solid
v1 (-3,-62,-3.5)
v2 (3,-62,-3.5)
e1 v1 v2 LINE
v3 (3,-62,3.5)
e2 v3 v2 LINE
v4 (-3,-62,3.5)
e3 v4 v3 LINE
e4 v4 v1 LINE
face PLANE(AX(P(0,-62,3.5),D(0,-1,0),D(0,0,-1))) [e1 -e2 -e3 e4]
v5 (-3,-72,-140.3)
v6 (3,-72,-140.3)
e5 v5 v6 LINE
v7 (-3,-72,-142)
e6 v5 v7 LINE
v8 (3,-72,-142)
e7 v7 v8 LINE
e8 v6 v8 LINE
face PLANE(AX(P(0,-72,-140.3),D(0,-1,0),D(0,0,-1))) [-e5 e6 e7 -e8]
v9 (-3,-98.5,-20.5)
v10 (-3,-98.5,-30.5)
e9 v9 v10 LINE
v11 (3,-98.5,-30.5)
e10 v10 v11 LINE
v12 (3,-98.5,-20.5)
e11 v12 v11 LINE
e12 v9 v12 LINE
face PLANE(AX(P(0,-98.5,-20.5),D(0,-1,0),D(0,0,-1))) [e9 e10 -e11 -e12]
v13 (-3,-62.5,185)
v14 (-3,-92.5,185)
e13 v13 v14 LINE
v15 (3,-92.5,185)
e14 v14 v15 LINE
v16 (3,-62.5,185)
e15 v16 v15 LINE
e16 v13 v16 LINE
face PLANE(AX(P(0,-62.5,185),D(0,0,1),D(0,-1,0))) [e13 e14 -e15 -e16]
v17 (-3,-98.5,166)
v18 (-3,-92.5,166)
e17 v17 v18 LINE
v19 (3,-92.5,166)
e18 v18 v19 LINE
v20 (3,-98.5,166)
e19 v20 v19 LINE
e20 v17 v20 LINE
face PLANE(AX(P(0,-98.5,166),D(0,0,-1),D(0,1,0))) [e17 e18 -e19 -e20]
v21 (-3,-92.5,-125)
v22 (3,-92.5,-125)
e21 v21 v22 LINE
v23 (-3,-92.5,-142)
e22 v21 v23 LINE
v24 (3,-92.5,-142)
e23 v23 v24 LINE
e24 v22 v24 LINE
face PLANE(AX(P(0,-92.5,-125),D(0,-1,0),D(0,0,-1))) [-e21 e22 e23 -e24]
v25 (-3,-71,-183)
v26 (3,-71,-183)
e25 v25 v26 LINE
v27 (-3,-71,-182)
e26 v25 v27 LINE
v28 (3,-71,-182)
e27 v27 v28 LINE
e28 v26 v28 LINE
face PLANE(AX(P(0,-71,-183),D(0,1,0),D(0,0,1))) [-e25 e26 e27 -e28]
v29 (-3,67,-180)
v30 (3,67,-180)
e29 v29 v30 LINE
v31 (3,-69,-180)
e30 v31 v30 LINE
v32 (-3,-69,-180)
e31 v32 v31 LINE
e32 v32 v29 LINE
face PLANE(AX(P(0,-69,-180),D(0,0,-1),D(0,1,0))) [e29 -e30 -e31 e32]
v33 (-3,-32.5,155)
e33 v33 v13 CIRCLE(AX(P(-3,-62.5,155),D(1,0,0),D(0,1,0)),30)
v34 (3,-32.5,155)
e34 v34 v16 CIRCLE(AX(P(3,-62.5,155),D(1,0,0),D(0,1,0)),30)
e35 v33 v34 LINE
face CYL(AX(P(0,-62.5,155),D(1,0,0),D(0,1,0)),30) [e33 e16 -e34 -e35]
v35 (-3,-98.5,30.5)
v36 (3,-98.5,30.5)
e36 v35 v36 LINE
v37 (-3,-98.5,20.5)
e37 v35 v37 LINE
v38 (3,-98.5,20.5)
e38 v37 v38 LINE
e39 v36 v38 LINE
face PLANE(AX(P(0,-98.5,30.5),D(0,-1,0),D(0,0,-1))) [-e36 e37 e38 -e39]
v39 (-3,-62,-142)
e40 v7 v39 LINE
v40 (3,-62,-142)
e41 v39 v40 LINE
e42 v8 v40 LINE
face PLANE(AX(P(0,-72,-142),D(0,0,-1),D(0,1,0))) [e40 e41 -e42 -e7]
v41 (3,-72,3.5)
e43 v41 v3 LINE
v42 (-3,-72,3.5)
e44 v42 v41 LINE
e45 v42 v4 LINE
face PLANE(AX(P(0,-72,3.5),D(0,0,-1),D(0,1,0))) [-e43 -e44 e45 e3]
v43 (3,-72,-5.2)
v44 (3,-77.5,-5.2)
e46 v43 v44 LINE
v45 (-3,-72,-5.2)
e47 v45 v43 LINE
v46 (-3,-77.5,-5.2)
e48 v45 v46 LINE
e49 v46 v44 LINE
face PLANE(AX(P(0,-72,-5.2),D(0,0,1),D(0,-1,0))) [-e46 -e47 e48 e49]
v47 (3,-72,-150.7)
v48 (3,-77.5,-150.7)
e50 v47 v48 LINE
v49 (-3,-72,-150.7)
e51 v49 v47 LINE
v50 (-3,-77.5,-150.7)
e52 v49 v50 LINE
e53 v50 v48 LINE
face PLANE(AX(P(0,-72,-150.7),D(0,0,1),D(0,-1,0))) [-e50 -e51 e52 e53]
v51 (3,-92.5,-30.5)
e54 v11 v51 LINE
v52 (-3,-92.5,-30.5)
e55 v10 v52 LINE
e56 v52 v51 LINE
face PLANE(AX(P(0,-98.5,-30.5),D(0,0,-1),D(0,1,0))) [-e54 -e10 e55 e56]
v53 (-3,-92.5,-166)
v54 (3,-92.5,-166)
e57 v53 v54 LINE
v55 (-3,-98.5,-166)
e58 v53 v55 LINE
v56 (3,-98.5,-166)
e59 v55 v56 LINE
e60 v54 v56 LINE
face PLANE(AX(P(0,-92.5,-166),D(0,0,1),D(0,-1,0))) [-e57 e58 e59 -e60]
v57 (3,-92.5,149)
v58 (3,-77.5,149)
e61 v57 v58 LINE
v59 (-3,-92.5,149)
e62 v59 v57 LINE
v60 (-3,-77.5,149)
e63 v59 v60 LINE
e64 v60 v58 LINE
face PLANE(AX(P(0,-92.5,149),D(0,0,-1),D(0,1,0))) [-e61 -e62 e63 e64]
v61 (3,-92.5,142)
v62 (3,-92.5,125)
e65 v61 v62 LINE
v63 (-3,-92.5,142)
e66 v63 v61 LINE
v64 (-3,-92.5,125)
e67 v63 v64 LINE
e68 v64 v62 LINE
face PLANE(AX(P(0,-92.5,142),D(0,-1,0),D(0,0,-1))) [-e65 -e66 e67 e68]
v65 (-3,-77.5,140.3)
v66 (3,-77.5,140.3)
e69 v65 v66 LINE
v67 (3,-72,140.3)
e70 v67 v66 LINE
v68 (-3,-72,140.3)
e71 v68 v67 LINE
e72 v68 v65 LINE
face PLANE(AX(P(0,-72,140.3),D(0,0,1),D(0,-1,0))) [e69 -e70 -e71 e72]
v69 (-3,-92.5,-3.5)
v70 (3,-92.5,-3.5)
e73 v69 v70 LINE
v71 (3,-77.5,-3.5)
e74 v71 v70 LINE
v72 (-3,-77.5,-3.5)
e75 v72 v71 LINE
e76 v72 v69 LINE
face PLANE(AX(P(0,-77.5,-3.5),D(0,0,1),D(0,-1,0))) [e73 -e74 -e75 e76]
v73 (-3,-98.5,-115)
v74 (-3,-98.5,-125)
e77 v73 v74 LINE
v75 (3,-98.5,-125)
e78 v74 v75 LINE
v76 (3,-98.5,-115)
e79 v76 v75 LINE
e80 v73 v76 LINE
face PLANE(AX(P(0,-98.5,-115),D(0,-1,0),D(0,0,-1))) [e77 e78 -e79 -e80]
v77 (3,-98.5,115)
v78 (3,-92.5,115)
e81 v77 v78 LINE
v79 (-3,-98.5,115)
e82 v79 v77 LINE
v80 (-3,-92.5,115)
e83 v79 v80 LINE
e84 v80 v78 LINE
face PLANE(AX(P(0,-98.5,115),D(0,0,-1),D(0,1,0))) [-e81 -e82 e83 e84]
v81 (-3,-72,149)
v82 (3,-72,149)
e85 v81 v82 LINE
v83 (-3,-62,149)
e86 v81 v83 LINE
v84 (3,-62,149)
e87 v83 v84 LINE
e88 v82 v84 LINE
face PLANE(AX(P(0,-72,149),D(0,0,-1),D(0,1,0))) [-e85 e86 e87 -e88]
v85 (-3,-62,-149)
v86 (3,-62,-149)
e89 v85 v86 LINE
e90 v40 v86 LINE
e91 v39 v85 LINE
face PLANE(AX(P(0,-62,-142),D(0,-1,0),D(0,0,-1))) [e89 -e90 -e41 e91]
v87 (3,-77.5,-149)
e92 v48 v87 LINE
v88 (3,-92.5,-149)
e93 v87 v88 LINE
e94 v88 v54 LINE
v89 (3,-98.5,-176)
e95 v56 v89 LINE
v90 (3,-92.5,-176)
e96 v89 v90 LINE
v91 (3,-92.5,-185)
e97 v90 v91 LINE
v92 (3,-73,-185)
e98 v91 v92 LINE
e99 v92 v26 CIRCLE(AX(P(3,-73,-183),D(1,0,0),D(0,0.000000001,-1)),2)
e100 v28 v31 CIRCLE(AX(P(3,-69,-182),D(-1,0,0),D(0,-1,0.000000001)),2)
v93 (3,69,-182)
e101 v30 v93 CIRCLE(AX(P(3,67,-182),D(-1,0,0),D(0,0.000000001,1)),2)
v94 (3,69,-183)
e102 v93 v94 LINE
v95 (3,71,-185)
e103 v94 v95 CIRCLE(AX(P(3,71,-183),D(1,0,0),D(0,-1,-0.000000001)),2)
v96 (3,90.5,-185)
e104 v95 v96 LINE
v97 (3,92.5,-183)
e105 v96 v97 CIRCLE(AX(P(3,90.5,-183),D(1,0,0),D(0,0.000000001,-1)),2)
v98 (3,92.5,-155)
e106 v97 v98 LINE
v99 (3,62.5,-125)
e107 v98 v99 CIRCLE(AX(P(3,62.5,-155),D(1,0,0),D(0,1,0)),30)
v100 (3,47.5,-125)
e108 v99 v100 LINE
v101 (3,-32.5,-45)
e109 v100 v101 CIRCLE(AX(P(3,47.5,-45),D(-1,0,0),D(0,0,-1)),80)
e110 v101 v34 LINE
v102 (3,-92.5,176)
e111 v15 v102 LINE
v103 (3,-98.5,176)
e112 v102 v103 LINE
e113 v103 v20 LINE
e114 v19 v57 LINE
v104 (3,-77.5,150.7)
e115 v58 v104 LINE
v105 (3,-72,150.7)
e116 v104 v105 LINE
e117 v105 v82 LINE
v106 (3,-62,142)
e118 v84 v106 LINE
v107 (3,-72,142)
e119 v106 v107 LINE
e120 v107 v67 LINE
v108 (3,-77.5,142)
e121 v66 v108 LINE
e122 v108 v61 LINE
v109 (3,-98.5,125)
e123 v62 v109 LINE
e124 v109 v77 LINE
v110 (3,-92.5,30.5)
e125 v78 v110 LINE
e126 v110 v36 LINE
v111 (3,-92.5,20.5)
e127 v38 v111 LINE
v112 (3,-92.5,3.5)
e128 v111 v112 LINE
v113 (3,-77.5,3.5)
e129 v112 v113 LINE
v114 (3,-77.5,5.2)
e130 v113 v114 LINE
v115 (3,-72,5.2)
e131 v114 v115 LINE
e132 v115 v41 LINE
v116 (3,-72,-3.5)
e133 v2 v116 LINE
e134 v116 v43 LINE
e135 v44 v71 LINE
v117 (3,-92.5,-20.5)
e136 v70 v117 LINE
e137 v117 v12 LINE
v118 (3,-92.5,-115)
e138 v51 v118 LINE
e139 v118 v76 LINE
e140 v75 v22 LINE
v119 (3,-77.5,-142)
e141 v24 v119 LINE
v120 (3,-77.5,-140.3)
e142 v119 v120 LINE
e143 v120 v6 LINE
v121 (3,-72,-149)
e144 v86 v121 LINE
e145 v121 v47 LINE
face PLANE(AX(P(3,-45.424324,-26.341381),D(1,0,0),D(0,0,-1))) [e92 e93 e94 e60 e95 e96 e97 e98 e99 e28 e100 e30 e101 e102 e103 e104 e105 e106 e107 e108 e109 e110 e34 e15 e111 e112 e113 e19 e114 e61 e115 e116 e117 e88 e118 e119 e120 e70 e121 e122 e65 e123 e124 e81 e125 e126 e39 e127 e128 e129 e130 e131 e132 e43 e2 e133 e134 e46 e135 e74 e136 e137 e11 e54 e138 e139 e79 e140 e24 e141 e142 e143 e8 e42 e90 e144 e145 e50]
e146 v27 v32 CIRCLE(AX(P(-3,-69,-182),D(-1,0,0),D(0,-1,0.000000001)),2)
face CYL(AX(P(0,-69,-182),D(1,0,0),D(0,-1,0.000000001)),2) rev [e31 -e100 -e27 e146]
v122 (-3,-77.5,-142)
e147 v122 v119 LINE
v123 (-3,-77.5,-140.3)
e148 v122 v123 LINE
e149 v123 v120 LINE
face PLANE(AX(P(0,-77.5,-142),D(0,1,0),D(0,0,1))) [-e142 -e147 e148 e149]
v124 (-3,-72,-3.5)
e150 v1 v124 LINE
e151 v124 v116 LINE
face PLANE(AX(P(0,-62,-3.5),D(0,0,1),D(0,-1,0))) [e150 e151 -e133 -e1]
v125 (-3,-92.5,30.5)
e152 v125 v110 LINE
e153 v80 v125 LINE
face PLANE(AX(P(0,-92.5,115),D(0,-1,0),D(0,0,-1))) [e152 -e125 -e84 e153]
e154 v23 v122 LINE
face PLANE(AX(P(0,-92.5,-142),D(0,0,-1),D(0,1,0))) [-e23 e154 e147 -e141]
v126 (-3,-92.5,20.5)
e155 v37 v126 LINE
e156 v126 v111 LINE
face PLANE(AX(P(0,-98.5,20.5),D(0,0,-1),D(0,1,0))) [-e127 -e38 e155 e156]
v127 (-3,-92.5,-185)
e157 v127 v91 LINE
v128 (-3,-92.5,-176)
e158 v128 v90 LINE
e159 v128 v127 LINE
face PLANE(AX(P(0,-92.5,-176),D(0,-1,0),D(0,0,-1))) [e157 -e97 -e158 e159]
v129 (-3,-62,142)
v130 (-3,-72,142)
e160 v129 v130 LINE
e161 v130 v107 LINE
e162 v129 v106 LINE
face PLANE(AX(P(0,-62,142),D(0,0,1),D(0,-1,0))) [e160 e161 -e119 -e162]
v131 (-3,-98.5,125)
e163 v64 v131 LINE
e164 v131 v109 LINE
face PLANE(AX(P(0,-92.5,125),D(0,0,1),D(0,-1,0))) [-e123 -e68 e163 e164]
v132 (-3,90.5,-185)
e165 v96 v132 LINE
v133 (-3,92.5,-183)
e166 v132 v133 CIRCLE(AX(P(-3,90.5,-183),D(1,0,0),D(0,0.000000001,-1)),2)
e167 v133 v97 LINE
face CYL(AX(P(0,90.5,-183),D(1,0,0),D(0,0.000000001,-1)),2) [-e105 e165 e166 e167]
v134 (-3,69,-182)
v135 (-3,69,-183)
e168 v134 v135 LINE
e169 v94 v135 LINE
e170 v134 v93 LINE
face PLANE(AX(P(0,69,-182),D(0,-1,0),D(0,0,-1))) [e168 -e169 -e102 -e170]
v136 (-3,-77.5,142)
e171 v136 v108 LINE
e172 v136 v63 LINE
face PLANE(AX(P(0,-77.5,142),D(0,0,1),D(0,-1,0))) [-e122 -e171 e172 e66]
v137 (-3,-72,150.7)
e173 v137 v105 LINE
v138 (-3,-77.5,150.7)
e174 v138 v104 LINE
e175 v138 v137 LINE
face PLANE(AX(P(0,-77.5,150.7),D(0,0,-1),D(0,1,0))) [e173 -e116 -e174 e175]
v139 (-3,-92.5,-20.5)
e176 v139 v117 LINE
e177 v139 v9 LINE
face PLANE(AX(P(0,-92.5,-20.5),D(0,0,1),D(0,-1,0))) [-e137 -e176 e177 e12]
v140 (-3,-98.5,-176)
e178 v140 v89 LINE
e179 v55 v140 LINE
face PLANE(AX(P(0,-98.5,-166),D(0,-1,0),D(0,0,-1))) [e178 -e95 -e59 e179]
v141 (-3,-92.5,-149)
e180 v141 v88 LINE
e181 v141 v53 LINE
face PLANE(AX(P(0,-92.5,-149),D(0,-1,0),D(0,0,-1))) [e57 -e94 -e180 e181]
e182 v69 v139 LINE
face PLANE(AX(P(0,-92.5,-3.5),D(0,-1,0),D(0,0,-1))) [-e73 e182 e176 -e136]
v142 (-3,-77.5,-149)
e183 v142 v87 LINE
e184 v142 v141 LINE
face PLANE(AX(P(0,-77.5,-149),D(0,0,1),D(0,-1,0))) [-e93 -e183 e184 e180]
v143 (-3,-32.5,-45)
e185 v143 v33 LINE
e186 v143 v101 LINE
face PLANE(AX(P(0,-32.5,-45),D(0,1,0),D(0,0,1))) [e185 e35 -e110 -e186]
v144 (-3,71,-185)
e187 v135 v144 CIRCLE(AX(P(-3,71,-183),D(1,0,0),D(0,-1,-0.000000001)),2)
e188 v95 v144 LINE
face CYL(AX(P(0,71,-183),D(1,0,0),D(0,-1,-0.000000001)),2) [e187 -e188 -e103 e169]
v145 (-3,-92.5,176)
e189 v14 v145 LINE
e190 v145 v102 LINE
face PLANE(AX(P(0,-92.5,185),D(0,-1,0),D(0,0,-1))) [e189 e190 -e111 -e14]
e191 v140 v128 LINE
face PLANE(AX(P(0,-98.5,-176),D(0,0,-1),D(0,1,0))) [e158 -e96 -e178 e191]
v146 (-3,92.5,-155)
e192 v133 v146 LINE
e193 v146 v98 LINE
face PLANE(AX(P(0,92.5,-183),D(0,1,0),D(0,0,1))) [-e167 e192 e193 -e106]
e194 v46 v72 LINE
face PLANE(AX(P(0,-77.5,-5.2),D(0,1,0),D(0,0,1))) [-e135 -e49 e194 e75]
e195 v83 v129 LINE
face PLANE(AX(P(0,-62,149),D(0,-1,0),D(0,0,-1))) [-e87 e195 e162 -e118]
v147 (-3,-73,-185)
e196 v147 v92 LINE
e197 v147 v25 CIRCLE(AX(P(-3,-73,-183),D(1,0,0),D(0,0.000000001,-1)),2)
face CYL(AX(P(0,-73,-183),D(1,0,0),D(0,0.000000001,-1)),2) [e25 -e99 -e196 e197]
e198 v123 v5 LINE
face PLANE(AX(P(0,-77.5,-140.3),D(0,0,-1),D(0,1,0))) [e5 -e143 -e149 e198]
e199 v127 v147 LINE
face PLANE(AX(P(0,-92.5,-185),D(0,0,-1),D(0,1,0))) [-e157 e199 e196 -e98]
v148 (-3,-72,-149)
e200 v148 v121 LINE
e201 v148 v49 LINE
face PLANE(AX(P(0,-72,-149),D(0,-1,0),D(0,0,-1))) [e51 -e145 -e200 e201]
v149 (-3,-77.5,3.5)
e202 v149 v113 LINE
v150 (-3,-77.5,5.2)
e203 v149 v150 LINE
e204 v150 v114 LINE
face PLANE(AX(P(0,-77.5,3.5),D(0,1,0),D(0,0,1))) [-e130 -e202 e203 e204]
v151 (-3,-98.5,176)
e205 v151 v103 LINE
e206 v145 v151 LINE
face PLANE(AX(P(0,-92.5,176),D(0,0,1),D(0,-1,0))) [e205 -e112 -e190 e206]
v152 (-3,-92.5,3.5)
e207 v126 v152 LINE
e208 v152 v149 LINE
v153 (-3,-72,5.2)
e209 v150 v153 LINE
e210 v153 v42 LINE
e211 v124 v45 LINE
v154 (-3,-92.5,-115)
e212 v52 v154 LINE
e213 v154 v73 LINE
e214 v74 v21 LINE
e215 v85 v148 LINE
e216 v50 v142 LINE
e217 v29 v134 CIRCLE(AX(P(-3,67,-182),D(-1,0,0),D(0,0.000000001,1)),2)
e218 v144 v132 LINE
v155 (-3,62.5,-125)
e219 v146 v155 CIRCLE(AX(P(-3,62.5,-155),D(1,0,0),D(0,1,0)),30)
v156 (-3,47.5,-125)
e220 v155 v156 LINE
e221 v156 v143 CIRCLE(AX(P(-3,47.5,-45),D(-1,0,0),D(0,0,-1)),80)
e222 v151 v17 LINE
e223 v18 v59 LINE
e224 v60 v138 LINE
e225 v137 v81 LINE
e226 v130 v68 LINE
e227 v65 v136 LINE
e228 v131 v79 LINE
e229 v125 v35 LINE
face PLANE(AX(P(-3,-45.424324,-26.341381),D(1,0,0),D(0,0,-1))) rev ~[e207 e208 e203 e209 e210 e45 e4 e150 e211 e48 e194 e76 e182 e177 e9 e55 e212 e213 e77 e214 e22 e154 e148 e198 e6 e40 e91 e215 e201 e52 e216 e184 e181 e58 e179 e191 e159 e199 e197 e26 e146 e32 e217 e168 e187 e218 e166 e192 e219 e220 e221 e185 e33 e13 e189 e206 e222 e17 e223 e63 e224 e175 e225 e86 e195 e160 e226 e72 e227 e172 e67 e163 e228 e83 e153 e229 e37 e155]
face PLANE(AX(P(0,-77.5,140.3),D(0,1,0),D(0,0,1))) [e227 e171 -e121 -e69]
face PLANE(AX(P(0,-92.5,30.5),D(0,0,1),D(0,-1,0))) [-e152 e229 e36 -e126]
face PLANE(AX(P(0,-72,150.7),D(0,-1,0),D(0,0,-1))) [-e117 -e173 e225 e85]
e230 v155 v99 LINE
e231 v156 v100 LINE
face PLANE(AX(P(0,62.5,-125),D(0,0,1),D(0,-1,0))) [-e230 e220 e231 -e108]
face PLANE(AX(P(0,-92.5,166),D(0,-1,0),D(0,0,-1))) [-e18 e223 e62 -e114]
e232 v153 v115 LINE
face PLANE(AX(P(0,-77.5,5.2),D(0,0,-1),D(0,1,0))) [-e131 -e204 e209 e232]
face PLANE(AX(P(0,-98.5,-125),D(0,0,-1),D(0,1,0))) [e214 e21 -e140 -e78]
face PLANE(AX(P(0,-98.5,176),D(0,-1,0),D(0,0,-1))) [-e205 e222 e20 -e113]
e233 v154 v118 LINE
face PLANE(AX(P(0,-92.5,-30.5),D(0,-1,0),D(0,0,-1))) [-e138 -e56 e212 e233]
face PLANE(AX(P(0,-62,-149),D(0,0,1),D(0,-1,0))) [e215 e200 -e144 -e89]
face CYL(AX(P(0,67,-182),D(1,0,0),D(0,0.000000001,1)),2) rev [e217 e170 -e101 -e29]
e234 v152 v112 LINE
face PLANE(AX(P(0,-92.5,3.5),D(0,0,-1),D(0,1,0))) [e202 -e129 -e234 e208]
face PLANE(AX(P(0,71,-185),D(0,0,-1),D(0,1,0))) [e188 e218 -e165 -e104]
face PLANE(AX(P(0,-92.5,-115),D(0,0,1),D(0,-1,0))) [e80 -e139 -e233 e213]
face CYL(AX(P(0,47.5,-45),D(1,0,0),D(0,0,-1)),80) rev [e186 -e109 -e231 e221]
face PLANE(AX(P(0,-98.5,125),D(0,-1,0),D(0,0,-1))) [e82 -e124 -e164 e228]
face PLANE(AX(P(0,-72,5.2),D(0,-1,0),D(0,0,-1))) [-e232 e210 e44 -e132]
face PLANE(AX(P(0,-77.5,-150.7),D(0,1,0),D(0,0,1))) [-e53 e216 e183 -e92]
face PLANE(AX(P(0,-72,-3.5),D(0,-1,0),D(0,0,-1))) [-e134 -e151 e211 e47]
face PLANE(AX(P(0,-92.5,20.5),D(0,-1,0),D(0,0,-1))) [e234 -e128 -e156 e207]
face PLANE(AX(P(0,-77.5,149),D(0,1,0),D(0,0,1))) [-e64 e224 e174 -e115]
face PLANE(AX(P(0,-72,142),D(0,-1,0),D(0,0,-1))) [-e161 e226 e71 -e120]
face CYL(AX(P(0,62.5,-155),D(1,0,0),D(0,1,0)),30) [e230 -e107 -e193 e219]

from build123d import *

# Parameters (mm, degrees)
BOSS_EXTRUDE1_DEPTH = 3


with BuildPart() as part:
    # Sketch1 → Boss-Extrude1 (new, symmetric)
    with BuildSketch(Plane(origin=(0, 0, 0), x_dir=(0, 0, -1), z_dir=(1, 0, 0))):
        with BuildLine():
            ThreePointArc((185, 90.5), (184.414213562, 91.914213562), (183, 92.5))
            Line((183, 92.5), (155, 92.5))
            ThreePointArc((155, 92.5), (133.786796564, 83.713203436), (125, 62.5))
            Line((125, 62.5), (125, 47.5))
            ThreePointArc((125, 47.5), (101.568542495, -9.068542495), (45, -32.5))
            Line((45, -32.5), (-155, -32.5))
            ThreePointArc((-155, -32.5), (-176.213203436, -41.286796564), (-185, -62.5))
            Line((-185, -62.5), (-185, -92.5))
            Line((-185, -92.5), (-176, -92.5))
            Line((-176, -92.5), (-176, -98.5))
            Line((-176, -98.5), (-166, -98.5))
            Line((-166, -98.5), (-166, -92.5))
            Line((-166, -92.5), (-149, -92.5))
            Line((-149, -92.5), (-149, -77.5))
            Line((-149, -77.5), (-150.7, -77.5))
            Line((-150.7, -77.5), (-150.7, -72))
            Line((-150.7, -72), (-149, -72))
            Line((-149, -72), (-149, -62))
            Line((-149, -62), (-142, -62))
            Line((-142, -62), (-142, -72))
            Line((-142, -72), (-140.3, -72))
            Line((-140.3, -72), (-140.3, -77.5))
            Line((-140.3, -77.5), (-142, -77.5))
            Line((-142, -77.5), (-142, -92.5))
            Line((-142, -92.5), (-125, -92.5))
            Line((-125, -92.5), (-125, -98.5))
            Line((-125, -98.5), (-115, -98.5))
            Line((-115, -98.5), (-115, -92.5))
            Line((-115, -92.5), (-30.5, -92.5))
            Line((-30.5, -92.5), (-30.5, -98.5))
            Line((-30.5, -98.5), (-20.5, -98.5))
            Line((-20.5, -98.5), (-20.5, -92.5))
            Line((-20.5, -92.5), (-3.5, -92.5))
            Line((-3.5, -92.5), (-3.5, -77.5))
            Line((-3.5, -77.5), (-5.2, -77.5))
            Line((-5.2, -77.5), (-5.2, -72))
            Line((-5.2, -72), (-3.5, -72))
            Line((-3.5, -72), (-3.5, -62))
            Line((-3.5, -62), (3.5, -62))
            Line((3.5, -62), (3.5, -72))
            Line((3.5, -72), (5.2, -72))
            Line((5.2, -72), (5.2, -77.5))
            Line((5.2, -77.5), (3.5, -77.5))
            Line((3.5, -77.5), (3.5, -92.5))
            Line((3.5, -92.5), (20.5, -92.5))
            Line((20.5, -92.5), (20.5, -98.5))
            Line((20.5, -98.5), (30.5, -98.5))
            Line((30.5, -98.5), (30.5, -92.5))
            Line((30.5, -92.5), (115, -92.5))
            Line((115, -92.5), (115, -98.5))
            Line((115, -98.5), (125, -98.5))
            Line((125, -98.5), (125, -92.5))
            Line((125, -92.5), (142, -92.5))
            Line((142, -92.5), (142, -77.5))
            Line((142, -77.5), (140.3, -77.5))
            Line((140.3, -77.5), (140.3, -72))
            Line((140.3, -72), (142, -72))
            Line((142, -72), (142, -62))
            Line((142, -62), (149, -62))
            Line((149, -62), (149, -72))
            Line((149, -72), (150.7, -72))
            Line((150.7, -72), (150.7, -77.5))
            Line((150.7, -77.5), (149, -77.5))
            Line((149, -77.5), (149, -92.5))
            Line((149, -92.5), (166, -92.5))
            Line((166, -92.5), (166, -98.5))
            Line((166, -98.5), (176, -98.5))
            Line((176, -98.5), (176, -92.5))
            Line((176, -92.5), (185, -92.5))
            Line((185, -92.5), (185, -73))
            ThreePointArc((185, -73), (184.414213562, -71.585786438), (183, -71))
            Line((183, -71), (182, -71))
            ThreePointArc((182, -71), (180.585786438, -70.414213562), (180, -69))
            Line((180, -69), (180, 67))
            ThreePointArc((180, 67), (180.585786438, 68.414213562), (182, 69))
            Line((182, 69), (183, 69))
            ThreePointArc((183, 69), (184.414213562, 69.585786438), (185, 71))
            Line((185, 71), (185, 90.5))
        make_face()
    extrude(amount=BOSS_EXTRUDE1_DEPTH, both=True)


solid = part.part
